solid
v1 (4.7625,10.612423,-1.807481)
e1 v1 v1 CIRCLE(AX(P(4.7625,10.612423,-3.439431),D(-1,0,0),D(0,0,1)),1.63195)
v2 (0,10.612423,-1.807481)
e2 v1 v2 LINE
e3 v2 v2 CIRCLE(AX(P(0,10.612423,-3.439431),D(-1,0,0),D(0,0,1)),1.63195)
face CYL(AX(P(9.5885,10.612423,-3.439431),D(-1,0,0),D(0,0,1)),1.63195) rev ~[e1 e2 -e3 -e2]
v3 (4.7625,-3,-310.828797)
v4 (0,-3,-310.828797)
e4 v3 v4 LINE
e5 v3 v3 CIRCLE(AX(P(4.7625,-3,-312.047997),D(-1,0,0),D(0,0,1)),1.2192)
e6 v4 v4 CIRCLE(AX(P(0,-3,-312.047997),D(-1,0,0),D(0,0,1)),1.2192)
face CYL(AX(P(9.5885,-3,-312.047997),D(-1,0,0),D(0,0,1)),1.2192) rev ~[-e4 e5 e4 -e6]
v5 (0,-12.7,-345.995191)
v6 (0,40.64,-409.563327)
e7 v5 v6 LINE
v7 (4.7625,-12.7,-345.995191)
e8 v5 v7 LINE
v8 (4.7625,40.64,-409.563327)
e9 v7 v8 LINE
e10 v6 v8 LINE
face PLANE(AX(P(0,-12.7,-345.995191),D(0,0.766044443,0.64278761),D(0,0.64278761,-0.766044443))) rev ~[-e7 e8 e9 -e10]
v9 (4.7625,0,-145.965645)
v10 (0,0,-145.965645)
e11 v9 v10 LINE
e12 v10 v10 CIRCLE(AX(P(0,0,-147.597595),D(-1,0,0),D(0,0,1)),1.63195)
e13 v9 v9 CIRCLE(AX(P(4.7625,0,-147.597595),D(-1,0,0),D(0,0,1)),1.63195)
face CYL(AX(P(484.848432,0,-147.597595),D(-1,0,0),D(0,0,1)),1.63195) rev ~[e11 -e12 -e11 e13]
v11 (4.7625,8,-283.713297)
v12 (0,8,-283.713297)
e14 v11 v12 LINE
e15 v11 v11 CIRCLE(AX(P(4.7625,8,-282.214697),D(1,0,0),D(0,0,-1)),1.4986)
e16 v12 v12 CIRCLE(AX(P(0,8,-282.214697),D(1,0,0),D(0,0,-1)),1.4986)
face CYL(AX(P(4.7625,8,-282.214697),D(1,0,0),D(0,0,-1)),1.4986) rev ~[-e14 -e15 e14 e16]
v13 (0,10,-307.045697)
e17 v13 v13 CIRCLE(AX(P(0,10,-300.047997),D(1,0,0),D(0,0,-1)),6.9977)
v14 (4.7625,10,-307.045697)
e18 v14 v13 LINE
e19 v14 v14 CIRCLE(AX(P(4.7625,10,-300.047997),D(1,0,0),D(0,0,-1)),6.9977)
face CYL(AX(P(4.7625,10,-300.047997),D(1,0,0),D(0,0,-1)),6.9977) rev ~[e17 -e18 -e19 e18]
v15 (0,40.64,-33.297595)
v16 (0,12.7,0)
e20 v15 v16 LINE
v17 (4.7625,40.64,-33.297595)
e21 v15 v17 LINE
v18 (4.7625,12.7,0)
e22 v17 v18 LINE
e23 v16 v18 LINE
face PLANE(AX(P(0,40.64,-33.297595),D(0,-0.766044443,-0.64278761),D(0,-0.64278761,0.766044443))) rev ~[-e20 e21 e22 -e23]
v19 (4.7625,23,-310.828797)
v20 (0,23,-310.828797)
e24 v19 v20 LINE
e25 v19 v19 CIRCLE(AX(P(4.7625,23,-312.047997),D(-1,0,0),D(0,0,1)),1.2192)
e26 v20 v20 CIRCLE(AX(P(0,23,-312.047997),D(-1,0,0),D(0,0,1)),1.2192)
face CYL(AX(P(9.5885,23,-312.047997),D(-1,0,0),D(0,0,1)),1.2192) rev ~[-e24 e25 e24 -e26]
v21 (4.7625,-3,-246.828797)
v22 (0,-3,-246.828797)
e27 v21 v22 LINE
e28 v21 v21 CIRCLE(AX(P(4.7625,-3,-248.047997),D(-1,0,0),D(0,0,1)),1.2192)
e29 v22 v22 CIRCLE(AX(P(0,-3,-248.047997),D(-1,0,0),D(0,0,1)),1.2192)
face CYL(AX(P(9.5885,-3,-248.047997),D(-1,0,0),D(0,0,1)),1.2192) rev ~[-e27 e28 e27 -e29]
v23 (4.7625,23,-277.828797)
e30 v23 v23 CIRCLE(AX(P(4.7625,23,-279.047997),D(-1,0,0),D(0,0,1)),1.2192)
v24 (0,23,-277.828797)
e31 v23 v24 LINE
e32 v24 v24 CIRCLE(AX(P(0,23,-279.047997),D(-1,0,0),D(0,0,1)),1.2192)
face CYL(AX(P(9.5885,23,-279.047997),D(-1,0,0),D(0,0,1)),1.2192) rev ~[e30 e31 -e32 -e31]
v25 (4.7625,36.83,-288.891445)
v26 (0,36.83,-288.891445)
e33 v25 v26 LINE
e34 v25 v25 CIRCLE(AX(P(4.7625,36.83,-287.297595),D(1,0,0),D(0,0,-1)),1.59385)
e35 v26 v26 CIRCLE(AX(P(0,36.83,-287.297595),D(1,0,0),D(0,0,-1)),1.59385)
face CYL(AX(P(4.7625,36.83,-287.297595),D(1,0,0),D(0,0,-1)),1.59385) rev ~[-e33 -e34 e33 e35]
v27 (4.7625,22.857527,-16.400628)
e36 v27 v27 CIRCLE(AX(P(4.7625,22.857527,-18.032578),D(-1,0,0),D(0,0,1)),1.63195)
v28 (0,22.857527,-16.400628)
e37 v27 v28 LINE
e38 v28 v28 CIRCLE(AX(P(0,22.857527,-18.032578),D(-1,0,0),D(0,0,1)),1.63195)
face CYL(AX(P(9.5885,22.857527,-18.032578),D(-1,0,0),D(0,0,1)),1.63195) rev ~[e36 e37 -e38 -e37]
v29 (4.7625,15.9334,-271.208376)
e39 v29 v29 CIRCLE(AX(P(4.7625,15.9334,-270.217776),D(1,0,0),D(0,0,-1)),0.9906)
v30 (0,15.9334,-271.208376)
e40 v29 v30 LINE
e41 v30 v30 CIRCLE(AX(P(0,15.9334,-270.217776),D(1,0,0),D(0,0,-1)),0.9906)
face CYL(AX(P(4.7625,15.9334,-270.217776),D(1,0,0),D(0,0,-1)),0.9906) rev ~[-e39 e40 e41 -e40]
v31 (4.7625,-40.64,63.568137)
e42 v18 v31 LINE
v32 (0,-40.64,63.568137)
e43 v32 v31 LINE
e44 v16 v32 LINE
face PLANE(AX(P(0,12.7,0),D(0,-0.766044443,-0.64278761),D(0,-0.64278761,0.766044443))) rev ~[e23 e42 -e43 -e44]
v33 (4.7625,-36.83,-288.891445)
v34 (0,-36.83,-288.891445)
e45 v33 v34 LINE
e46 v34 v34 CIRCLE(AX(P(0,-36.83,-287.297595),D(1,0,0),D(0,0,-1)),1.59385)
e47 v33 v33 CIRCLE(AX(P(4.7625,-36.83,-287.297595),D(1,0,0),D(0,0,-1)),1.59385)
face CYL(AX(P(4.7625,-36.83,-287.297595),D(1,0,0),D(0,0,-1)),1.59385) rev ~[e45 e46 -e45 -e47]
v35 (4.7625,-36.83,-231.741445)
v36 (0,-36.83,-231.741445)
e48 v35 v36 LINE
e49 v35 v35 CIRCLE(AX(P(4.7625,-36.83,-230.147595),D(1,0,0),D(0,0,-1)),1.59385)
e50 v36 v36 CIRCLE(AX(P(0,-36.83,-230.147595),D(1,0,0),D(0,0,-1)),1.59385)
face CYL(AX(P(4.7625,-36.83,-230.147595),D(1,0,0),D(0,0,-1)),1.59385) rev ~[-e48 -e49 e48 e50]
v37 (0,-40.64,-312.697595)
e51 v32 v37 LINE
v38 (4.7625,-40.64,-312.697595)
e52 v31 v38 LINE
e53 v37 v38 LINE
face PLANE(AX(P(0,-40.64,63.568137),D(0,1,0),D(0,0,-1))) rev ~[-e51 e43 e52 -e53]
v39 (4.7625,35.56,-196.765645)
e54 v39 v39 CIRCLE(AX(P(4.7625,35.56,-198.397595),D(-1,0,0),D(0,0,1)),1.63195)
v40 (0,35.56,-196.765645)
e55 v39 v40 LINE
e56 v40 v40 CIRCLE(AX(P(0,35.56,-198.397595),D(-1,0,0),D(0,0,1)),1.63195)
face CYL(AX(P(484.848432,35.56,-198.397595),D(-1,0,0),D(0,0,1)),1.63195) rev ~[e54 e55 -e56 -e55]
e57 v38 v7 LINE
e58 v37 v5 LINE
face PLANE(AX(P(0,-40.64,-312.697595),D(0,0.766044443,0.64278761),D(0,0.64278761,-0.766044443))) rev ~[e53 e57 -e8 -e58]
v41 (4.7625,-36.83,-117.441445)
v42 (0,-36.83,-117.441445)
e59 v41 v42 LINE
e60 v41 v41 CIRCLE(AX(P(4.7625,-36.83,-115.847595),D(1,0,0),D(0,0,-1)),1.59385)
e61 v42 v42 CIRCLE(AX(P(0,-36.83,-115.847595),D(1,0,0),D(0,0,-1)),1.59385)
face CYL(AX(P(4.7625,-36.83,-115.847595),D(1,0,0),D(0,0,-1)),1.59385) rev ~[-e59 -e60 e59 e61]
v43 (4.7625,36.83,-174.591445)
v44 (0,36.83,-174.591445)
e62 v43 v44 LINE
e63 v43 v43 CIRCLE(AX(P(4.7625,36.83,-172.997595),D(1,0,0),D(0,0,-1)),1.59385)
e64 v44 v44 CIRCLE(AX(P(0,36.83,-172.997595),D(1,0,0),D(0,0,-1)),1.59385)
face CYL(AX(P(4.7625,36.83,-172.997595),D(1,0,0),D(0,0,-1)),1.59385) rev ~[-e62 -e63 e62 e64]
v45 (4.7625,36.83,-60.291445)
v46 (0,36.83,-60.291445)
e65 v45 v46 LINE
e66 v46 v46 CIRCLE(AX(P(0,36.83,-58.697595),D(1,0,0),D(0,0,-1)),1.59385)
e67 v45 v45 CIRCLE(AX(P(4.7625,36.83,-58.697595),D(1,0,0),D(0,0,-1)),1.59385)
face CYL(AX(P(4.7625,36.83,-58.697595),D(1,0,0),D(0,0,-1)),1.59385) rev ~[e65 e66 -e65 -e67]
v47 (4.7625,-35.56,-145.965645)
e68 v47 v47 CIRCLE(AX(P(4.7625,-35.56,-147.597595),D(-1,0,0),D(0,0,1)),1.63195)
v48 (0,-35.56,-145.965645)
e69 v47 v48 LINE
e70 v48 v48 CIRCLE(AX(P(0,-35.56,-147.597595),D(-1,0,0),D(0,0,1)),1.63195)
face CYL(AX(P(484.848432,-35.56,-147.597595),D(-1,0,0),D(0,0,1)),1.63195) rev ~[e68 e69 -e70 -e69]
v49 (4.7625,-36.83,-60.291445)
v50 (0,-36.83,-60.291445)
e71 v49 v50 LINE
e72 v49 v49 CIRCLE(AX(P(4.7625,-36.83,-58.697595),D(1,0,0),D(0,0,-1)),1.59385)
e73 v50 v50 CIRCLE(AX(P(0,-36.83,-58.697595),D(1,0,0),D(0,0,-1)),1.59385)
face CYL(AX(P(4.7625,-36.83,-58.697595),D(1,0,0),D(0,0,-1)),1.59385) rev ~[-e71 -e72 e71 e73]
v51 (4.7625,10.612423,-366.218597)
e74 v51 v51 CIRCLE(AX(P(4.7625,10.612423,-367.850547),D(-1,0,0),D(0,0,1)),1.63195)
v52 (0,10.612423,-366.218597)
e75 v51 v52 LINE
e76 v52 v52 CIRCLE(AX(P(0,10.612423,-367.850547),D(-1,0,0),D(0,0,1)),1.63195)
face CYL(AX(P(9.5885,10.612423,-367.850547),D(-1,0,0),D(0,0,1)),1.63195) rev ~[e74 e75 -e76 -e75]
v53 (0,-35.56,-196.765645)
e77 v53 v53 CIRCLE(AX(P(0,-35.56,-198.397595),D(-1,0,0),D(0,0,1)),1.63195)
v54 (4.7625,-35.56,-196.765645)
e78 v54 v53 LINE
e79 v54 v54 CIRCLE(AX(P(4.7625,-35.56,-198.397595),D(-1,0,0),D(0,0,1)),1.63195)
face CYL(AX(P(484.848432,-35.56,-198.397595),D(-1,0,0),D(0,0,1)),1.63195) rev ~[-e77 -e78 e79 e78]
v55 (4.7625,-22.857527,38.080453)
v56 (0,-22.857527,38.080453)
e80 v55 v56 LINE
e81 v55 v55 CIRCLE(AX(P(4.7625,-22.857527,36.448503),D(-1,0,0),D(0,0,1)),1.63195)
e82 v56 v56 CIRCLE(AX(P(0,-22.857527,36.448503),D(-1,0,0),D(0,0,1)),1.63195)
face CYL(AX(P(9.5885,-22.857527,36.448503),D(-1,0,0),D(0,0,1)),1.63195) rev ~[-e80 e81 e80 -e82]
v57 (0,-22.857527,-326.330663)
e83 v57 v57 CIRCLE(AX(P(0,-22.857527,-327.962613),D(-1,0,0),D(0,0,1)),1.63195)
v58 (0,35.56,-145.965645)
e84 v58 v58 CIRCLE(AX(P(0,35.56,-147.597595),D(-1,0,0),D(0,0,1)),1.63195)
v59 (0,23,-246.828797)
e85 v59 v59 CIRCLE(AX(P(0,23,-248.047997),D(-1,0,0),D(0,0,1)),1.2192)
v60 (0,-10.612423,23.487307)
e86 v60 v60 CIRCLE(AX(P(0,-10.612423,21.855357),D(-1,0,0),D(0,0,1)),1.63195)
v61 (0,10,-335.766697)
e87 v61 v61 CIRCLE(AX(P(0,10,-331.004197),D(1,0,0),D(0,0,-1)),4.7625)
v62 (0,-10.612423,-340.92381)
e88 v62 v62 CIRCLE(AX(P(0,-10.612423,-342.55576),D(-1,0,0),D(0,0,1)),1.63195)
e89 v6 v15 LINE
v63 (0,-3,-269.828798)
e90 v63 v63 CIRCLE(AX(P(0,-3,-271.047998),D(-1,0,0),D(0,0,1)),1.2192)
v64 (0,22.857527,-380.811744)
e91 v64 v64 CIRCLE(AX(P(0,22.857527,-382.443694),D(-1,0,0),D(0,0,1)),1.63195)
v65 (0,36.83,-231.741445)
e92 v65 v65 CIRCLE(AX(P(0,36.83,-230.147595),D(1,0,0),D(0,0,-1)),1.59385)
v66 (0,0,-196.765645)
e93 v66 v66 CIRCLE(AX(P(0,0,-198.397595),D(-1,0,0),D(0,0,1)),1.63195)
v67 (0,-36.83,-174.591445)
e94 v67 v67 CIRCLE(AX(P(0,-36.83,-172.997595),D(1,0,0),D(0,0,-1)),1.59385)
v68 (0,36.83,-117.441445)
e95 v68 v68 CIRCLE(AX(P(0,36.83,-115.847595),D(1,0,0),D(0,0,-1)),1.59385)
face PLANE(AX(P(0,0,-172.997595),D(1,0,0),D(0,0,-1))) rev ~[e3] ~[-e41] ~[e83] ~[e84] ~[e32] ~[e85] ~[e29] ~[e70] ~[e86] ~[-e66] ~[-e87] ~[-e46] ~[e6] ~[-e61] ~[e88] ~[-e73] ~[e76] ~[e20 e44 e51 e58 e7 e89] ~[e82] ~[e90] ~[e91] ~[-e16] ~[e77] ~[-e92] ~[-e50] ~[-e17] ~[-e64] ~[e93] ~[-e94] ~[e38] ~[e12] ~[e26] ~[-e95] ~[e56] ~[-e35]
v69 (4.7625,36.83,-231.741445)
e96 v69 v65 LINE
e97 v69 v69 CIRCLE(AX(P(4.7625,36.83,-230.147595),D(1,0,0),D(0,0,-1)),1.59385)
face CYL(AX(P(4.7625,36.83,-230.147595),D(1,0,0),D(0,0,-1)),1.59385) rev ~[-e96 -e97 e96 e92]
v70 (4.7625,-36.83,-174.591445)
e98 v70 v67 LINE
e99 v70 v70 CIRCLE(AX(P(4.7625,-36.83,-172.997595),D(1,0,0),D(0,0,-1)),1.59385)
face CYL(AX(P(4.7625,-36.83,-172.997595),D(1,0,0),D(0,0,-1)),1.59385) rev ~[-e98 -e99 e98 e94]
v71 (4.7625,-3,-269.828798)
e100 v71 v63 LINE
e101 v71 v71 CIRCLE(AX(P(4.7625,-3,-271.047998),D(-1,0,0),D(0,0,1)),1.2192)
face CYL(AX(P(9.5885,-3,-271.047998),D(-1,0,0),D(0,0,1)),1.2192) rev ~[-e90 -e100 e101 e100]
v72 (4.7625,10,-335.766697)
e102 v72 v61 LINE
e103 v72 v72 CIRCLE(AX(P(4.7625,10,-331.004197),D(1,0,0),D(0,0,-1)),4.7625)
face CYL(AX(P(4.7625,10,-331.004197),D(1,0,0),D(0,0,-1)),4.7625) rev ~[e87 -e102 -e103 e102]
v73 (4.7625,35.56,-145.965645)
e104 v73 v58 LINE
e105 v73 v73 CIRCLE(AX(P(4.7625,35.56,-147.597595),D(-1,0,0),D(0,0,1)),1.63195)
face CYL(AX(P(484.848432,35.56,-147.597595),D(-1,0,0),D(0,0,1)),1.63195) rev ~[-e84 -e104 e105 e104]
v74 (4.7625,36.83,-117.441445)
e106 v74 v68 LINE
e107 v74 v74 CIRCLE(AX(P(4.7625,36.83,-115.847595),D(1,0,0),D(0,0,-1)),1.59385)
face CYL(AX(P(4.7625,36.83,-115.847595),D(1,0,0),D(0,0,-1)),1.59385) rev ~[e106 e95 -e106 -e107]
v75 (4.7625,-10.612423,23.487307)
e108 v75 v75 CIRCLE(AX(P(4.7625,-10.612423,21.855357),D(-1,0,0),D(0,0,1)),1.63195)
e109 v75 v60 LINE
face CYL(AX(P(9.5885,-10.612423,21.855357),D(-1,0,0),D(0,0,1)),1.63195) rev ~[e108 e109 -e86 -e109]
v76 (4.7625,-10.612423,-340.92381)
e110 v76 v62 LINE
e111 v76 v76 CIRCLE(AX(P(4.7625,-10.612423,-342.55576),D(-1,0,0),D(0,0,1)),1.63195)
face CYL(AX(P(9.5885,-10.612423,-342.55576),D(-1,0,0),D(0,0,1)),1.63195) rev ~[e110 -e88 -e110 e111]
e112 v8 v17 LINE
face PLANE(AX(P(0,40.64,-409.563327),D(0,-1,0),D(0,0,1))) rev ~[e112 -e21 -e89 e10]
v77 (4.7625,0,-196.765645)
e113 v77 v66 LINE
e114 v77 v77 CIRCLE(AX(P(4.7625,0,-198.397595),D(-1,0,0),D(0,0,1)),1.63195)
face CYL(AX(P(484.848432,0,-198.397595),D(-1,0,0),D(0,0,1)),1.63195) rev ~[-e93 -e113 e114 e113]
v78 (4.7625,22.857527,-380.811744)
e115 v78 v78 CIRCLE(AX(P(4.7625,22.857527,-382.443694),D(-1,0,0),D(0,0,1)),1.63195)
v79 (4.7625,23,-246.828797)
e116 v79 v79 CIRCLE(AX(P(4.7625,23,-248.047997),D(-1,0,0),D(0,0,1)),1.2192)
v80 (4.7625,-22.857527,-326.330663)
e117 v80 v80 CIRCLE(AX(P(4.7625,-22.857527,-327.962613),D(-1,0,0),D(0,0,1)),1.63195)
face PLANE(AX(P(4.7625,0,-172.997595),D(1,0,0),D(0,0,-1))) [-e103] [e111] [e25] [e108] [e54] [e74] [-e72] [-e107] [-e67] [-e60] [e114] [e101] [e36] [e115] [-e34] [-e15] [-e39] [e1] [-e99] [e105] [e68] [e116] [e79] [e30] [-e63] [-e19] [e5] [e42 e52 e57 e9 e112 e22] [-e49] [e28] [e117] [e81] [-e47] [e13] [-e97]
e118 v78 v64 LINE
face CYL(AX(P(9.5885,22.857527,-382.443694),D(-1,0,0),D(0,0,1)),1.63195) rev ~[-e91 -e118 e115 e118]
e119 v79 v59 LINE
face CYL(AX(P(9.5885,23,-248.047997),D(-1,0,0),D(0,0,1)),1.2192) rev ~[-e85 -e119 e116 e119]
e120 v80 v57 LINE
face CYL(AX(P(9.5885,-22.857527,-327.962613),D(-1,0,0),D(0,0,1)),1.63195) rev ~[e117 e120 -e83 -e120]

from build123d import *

# Parameters (mm, degrees)
BOSS_EXTRUDE1_DEPTH           = 4.7625
SKETCH2_R                     = 6.9977
SKETCH2_R_2                   = 1.4986
SKETCH2_R_3                   = 0.9906
SKETCH2_R_4                   = 4.7625
GEARBOX_WITH_PRESS_FITS_DEPTH = 412.602247496
SKETCH6_R                     = 1.59385
CUT_EXTRUDE2_DEPTH            = 412.602247496
F_4_CLEARANCE_HOLE2_D         = 3.2639
F_2_CLEARANCE_HOLE1_D         = 2.4384
F_2_CLEARANCE_HOLE1_DEPTH     = 4.826
F_2_CLEARANCE_HOLE1_TIP       = 0.732569267
F_4_CLEARANCE_HOLE1_D         = 3.2639
F_4_CLEARANCE_HOLE1_DEPTH     = 4.826
F_4_CLEARANCE_HOLE1_TIP       = 0.980574487


with BuildPart() as part:
    # Sketch1 → Boss-Extrude1 (new body)
    with BuildSketch(Plane(origin=(0, 0, 0), x_dir=(0, 0, -1), z_dir=(1, 0, 0))):
        Polygon((33.297595377, -40.64), (312.697595377, -40.64), (345.995190754, -12.7), (409.563327383, 40.64), (312.697595377, 40.64), (33.297595377, 40.64), (0, 12.7), (-63.568136629, -40.64), align=None)
    extrude(amount=BOSS_EXTRUDE1_DEPTH)

    # Sketch2 → Gearbox (with Press fits) (cut, through all)
    with BuildSketch(Plane(origin=(4.7625, 0, 0), x_dir=(0, 0, -1), z_dir=(1, 0, 0))):
        with Locations((300.047997426, 10)):
            Circle(SKETCH2_R)
        with Locations((282.214696722, 8)):
            Circle(SKETCH2_R_2)
        with Locations((270.217776392, 15.933400182)):
            Circle(SKETCH2_R_3)
        with Locations((331.004197426, 10)):
            Circle(SKETCH2_R_4)
    extrude(amount=-GEARBOX_WITH_PRESS_FITS_DEPTH, mode=Mode.SUBTRACT)

    # Sketch6 → Cut-Extrude2 (cut, through all)
    with BuildSketch(Plane(origin=(4.7625, 0, 0), x_dir=(0, 0, -1), z_dir=(1, 0, 0))):
        with Locations((287.297595377, 36.83)):
            Circle(SKETCH6_R)
        with Locations((230.147595377, 36.83)):
            Circle(SKETCH6_R)
        with Locations((172.997595377, 36.83)):
            Circle(SKETCH6_R)
        with Locations((115.847595377, 36.83)):
            Circle(SKETCH6_R)
        with Locations((58.697595377, 36.83)):
            Circle(SKETCH6_R)
        with Locations((58.697595377, -36.83)):
            Circle(SKETCH6_R)
        with Locations((115.847595377, -36.83)):
            Circle(SKETCH6_R)
        with Locations((172.997595377, -36.83)):
            Circle(SKETCH6_R)
        with Locations((230.147595377, -36.83)):
            Circle(SKETCH6_R)
        with Locations((287.297595377, -36.83)):
            Circle(SKETCH6_R)
    extrude(amount=-CUT_EXTRUDE2_DEPTH, mode=Mode.SUBTRACT)

    # #4 Clearance Hole2 (through all)
    with Locations(Plane(origin=(4.7625, 0, 0), x_dir=(0, 0, -1), z_dir=(1, 0, 0))):
        with Locations((147.597595377, 35.56), (198.397595377, 35.56), (198.397595377, -35.56), (147.597595377, -35.56), (147.597595377, 0), (198.397595377, 0)):
            Hole(F_4_CLEARANCE_HOLE2_D / 2)

    # #2 Clearance Hole1
    with Locations(Plane(origin=(4.7625, 0, 0), x_dir=(0, 0, -1), z_dir=(1, 0, 0))):
        with Locations((248.047997486, -3), (248.047997486, 23), (271.047997556, -3), (312.047997486, -3), (279.047997486, 23), (312.047997486, 23)):
            Hole(F_2_CLEARANCE_HOLE1_D / 2, depth=F_2_CLEARANCE_HOLE1_DEPTH)
            with Locations((0, 0, -(F_2_CLEARANCE_HOLE1_DEPTH + F_2_CLEARANCE_HOLE1_TIP / 2))):  # 118° drill point
                Cone(0, F_2_CLEARANCE_HOLE1_D / 2, F_2_CLEARANCE_HOLE1_TIP, mode=Mode.SUBTRACT)

    # #4 Clearance Hole1
    with Locations(Plane(origin=(4.7625, 0, 0), x_dir=(0, 0, -1), z_dir=(1, 0, 0))):
        with Locations((327.962613202, -22.8575274), (342.555759844, -10.612423436), (367.850547356, 10.612423436), (382.443693997, 22.8575274), (-36.448503243, -22.8575274), (-21.855356602, -10.612423436), (3.43943091, 10.612423436), (18.032577552, 22.8575274)):
            Hole(F_4_CLEARANCE_HOLE1_D / 2, depth=F_4_CLEARANCE_HOLE1_DEPTH)
            with Locations((0, 0, -(F_4_CLEARANCE_HOLE1_DEPTH + F_4_CLEARANCE_HOLE1_TIP / 2))):  # 118° drill point
                Cone(0, F_4_CLEARANCE_HOLE1_D / 2, F_4_CLEARANCE_HOLE1_TIP, mode=Mode.SUBTRACT)


solid = part.part
